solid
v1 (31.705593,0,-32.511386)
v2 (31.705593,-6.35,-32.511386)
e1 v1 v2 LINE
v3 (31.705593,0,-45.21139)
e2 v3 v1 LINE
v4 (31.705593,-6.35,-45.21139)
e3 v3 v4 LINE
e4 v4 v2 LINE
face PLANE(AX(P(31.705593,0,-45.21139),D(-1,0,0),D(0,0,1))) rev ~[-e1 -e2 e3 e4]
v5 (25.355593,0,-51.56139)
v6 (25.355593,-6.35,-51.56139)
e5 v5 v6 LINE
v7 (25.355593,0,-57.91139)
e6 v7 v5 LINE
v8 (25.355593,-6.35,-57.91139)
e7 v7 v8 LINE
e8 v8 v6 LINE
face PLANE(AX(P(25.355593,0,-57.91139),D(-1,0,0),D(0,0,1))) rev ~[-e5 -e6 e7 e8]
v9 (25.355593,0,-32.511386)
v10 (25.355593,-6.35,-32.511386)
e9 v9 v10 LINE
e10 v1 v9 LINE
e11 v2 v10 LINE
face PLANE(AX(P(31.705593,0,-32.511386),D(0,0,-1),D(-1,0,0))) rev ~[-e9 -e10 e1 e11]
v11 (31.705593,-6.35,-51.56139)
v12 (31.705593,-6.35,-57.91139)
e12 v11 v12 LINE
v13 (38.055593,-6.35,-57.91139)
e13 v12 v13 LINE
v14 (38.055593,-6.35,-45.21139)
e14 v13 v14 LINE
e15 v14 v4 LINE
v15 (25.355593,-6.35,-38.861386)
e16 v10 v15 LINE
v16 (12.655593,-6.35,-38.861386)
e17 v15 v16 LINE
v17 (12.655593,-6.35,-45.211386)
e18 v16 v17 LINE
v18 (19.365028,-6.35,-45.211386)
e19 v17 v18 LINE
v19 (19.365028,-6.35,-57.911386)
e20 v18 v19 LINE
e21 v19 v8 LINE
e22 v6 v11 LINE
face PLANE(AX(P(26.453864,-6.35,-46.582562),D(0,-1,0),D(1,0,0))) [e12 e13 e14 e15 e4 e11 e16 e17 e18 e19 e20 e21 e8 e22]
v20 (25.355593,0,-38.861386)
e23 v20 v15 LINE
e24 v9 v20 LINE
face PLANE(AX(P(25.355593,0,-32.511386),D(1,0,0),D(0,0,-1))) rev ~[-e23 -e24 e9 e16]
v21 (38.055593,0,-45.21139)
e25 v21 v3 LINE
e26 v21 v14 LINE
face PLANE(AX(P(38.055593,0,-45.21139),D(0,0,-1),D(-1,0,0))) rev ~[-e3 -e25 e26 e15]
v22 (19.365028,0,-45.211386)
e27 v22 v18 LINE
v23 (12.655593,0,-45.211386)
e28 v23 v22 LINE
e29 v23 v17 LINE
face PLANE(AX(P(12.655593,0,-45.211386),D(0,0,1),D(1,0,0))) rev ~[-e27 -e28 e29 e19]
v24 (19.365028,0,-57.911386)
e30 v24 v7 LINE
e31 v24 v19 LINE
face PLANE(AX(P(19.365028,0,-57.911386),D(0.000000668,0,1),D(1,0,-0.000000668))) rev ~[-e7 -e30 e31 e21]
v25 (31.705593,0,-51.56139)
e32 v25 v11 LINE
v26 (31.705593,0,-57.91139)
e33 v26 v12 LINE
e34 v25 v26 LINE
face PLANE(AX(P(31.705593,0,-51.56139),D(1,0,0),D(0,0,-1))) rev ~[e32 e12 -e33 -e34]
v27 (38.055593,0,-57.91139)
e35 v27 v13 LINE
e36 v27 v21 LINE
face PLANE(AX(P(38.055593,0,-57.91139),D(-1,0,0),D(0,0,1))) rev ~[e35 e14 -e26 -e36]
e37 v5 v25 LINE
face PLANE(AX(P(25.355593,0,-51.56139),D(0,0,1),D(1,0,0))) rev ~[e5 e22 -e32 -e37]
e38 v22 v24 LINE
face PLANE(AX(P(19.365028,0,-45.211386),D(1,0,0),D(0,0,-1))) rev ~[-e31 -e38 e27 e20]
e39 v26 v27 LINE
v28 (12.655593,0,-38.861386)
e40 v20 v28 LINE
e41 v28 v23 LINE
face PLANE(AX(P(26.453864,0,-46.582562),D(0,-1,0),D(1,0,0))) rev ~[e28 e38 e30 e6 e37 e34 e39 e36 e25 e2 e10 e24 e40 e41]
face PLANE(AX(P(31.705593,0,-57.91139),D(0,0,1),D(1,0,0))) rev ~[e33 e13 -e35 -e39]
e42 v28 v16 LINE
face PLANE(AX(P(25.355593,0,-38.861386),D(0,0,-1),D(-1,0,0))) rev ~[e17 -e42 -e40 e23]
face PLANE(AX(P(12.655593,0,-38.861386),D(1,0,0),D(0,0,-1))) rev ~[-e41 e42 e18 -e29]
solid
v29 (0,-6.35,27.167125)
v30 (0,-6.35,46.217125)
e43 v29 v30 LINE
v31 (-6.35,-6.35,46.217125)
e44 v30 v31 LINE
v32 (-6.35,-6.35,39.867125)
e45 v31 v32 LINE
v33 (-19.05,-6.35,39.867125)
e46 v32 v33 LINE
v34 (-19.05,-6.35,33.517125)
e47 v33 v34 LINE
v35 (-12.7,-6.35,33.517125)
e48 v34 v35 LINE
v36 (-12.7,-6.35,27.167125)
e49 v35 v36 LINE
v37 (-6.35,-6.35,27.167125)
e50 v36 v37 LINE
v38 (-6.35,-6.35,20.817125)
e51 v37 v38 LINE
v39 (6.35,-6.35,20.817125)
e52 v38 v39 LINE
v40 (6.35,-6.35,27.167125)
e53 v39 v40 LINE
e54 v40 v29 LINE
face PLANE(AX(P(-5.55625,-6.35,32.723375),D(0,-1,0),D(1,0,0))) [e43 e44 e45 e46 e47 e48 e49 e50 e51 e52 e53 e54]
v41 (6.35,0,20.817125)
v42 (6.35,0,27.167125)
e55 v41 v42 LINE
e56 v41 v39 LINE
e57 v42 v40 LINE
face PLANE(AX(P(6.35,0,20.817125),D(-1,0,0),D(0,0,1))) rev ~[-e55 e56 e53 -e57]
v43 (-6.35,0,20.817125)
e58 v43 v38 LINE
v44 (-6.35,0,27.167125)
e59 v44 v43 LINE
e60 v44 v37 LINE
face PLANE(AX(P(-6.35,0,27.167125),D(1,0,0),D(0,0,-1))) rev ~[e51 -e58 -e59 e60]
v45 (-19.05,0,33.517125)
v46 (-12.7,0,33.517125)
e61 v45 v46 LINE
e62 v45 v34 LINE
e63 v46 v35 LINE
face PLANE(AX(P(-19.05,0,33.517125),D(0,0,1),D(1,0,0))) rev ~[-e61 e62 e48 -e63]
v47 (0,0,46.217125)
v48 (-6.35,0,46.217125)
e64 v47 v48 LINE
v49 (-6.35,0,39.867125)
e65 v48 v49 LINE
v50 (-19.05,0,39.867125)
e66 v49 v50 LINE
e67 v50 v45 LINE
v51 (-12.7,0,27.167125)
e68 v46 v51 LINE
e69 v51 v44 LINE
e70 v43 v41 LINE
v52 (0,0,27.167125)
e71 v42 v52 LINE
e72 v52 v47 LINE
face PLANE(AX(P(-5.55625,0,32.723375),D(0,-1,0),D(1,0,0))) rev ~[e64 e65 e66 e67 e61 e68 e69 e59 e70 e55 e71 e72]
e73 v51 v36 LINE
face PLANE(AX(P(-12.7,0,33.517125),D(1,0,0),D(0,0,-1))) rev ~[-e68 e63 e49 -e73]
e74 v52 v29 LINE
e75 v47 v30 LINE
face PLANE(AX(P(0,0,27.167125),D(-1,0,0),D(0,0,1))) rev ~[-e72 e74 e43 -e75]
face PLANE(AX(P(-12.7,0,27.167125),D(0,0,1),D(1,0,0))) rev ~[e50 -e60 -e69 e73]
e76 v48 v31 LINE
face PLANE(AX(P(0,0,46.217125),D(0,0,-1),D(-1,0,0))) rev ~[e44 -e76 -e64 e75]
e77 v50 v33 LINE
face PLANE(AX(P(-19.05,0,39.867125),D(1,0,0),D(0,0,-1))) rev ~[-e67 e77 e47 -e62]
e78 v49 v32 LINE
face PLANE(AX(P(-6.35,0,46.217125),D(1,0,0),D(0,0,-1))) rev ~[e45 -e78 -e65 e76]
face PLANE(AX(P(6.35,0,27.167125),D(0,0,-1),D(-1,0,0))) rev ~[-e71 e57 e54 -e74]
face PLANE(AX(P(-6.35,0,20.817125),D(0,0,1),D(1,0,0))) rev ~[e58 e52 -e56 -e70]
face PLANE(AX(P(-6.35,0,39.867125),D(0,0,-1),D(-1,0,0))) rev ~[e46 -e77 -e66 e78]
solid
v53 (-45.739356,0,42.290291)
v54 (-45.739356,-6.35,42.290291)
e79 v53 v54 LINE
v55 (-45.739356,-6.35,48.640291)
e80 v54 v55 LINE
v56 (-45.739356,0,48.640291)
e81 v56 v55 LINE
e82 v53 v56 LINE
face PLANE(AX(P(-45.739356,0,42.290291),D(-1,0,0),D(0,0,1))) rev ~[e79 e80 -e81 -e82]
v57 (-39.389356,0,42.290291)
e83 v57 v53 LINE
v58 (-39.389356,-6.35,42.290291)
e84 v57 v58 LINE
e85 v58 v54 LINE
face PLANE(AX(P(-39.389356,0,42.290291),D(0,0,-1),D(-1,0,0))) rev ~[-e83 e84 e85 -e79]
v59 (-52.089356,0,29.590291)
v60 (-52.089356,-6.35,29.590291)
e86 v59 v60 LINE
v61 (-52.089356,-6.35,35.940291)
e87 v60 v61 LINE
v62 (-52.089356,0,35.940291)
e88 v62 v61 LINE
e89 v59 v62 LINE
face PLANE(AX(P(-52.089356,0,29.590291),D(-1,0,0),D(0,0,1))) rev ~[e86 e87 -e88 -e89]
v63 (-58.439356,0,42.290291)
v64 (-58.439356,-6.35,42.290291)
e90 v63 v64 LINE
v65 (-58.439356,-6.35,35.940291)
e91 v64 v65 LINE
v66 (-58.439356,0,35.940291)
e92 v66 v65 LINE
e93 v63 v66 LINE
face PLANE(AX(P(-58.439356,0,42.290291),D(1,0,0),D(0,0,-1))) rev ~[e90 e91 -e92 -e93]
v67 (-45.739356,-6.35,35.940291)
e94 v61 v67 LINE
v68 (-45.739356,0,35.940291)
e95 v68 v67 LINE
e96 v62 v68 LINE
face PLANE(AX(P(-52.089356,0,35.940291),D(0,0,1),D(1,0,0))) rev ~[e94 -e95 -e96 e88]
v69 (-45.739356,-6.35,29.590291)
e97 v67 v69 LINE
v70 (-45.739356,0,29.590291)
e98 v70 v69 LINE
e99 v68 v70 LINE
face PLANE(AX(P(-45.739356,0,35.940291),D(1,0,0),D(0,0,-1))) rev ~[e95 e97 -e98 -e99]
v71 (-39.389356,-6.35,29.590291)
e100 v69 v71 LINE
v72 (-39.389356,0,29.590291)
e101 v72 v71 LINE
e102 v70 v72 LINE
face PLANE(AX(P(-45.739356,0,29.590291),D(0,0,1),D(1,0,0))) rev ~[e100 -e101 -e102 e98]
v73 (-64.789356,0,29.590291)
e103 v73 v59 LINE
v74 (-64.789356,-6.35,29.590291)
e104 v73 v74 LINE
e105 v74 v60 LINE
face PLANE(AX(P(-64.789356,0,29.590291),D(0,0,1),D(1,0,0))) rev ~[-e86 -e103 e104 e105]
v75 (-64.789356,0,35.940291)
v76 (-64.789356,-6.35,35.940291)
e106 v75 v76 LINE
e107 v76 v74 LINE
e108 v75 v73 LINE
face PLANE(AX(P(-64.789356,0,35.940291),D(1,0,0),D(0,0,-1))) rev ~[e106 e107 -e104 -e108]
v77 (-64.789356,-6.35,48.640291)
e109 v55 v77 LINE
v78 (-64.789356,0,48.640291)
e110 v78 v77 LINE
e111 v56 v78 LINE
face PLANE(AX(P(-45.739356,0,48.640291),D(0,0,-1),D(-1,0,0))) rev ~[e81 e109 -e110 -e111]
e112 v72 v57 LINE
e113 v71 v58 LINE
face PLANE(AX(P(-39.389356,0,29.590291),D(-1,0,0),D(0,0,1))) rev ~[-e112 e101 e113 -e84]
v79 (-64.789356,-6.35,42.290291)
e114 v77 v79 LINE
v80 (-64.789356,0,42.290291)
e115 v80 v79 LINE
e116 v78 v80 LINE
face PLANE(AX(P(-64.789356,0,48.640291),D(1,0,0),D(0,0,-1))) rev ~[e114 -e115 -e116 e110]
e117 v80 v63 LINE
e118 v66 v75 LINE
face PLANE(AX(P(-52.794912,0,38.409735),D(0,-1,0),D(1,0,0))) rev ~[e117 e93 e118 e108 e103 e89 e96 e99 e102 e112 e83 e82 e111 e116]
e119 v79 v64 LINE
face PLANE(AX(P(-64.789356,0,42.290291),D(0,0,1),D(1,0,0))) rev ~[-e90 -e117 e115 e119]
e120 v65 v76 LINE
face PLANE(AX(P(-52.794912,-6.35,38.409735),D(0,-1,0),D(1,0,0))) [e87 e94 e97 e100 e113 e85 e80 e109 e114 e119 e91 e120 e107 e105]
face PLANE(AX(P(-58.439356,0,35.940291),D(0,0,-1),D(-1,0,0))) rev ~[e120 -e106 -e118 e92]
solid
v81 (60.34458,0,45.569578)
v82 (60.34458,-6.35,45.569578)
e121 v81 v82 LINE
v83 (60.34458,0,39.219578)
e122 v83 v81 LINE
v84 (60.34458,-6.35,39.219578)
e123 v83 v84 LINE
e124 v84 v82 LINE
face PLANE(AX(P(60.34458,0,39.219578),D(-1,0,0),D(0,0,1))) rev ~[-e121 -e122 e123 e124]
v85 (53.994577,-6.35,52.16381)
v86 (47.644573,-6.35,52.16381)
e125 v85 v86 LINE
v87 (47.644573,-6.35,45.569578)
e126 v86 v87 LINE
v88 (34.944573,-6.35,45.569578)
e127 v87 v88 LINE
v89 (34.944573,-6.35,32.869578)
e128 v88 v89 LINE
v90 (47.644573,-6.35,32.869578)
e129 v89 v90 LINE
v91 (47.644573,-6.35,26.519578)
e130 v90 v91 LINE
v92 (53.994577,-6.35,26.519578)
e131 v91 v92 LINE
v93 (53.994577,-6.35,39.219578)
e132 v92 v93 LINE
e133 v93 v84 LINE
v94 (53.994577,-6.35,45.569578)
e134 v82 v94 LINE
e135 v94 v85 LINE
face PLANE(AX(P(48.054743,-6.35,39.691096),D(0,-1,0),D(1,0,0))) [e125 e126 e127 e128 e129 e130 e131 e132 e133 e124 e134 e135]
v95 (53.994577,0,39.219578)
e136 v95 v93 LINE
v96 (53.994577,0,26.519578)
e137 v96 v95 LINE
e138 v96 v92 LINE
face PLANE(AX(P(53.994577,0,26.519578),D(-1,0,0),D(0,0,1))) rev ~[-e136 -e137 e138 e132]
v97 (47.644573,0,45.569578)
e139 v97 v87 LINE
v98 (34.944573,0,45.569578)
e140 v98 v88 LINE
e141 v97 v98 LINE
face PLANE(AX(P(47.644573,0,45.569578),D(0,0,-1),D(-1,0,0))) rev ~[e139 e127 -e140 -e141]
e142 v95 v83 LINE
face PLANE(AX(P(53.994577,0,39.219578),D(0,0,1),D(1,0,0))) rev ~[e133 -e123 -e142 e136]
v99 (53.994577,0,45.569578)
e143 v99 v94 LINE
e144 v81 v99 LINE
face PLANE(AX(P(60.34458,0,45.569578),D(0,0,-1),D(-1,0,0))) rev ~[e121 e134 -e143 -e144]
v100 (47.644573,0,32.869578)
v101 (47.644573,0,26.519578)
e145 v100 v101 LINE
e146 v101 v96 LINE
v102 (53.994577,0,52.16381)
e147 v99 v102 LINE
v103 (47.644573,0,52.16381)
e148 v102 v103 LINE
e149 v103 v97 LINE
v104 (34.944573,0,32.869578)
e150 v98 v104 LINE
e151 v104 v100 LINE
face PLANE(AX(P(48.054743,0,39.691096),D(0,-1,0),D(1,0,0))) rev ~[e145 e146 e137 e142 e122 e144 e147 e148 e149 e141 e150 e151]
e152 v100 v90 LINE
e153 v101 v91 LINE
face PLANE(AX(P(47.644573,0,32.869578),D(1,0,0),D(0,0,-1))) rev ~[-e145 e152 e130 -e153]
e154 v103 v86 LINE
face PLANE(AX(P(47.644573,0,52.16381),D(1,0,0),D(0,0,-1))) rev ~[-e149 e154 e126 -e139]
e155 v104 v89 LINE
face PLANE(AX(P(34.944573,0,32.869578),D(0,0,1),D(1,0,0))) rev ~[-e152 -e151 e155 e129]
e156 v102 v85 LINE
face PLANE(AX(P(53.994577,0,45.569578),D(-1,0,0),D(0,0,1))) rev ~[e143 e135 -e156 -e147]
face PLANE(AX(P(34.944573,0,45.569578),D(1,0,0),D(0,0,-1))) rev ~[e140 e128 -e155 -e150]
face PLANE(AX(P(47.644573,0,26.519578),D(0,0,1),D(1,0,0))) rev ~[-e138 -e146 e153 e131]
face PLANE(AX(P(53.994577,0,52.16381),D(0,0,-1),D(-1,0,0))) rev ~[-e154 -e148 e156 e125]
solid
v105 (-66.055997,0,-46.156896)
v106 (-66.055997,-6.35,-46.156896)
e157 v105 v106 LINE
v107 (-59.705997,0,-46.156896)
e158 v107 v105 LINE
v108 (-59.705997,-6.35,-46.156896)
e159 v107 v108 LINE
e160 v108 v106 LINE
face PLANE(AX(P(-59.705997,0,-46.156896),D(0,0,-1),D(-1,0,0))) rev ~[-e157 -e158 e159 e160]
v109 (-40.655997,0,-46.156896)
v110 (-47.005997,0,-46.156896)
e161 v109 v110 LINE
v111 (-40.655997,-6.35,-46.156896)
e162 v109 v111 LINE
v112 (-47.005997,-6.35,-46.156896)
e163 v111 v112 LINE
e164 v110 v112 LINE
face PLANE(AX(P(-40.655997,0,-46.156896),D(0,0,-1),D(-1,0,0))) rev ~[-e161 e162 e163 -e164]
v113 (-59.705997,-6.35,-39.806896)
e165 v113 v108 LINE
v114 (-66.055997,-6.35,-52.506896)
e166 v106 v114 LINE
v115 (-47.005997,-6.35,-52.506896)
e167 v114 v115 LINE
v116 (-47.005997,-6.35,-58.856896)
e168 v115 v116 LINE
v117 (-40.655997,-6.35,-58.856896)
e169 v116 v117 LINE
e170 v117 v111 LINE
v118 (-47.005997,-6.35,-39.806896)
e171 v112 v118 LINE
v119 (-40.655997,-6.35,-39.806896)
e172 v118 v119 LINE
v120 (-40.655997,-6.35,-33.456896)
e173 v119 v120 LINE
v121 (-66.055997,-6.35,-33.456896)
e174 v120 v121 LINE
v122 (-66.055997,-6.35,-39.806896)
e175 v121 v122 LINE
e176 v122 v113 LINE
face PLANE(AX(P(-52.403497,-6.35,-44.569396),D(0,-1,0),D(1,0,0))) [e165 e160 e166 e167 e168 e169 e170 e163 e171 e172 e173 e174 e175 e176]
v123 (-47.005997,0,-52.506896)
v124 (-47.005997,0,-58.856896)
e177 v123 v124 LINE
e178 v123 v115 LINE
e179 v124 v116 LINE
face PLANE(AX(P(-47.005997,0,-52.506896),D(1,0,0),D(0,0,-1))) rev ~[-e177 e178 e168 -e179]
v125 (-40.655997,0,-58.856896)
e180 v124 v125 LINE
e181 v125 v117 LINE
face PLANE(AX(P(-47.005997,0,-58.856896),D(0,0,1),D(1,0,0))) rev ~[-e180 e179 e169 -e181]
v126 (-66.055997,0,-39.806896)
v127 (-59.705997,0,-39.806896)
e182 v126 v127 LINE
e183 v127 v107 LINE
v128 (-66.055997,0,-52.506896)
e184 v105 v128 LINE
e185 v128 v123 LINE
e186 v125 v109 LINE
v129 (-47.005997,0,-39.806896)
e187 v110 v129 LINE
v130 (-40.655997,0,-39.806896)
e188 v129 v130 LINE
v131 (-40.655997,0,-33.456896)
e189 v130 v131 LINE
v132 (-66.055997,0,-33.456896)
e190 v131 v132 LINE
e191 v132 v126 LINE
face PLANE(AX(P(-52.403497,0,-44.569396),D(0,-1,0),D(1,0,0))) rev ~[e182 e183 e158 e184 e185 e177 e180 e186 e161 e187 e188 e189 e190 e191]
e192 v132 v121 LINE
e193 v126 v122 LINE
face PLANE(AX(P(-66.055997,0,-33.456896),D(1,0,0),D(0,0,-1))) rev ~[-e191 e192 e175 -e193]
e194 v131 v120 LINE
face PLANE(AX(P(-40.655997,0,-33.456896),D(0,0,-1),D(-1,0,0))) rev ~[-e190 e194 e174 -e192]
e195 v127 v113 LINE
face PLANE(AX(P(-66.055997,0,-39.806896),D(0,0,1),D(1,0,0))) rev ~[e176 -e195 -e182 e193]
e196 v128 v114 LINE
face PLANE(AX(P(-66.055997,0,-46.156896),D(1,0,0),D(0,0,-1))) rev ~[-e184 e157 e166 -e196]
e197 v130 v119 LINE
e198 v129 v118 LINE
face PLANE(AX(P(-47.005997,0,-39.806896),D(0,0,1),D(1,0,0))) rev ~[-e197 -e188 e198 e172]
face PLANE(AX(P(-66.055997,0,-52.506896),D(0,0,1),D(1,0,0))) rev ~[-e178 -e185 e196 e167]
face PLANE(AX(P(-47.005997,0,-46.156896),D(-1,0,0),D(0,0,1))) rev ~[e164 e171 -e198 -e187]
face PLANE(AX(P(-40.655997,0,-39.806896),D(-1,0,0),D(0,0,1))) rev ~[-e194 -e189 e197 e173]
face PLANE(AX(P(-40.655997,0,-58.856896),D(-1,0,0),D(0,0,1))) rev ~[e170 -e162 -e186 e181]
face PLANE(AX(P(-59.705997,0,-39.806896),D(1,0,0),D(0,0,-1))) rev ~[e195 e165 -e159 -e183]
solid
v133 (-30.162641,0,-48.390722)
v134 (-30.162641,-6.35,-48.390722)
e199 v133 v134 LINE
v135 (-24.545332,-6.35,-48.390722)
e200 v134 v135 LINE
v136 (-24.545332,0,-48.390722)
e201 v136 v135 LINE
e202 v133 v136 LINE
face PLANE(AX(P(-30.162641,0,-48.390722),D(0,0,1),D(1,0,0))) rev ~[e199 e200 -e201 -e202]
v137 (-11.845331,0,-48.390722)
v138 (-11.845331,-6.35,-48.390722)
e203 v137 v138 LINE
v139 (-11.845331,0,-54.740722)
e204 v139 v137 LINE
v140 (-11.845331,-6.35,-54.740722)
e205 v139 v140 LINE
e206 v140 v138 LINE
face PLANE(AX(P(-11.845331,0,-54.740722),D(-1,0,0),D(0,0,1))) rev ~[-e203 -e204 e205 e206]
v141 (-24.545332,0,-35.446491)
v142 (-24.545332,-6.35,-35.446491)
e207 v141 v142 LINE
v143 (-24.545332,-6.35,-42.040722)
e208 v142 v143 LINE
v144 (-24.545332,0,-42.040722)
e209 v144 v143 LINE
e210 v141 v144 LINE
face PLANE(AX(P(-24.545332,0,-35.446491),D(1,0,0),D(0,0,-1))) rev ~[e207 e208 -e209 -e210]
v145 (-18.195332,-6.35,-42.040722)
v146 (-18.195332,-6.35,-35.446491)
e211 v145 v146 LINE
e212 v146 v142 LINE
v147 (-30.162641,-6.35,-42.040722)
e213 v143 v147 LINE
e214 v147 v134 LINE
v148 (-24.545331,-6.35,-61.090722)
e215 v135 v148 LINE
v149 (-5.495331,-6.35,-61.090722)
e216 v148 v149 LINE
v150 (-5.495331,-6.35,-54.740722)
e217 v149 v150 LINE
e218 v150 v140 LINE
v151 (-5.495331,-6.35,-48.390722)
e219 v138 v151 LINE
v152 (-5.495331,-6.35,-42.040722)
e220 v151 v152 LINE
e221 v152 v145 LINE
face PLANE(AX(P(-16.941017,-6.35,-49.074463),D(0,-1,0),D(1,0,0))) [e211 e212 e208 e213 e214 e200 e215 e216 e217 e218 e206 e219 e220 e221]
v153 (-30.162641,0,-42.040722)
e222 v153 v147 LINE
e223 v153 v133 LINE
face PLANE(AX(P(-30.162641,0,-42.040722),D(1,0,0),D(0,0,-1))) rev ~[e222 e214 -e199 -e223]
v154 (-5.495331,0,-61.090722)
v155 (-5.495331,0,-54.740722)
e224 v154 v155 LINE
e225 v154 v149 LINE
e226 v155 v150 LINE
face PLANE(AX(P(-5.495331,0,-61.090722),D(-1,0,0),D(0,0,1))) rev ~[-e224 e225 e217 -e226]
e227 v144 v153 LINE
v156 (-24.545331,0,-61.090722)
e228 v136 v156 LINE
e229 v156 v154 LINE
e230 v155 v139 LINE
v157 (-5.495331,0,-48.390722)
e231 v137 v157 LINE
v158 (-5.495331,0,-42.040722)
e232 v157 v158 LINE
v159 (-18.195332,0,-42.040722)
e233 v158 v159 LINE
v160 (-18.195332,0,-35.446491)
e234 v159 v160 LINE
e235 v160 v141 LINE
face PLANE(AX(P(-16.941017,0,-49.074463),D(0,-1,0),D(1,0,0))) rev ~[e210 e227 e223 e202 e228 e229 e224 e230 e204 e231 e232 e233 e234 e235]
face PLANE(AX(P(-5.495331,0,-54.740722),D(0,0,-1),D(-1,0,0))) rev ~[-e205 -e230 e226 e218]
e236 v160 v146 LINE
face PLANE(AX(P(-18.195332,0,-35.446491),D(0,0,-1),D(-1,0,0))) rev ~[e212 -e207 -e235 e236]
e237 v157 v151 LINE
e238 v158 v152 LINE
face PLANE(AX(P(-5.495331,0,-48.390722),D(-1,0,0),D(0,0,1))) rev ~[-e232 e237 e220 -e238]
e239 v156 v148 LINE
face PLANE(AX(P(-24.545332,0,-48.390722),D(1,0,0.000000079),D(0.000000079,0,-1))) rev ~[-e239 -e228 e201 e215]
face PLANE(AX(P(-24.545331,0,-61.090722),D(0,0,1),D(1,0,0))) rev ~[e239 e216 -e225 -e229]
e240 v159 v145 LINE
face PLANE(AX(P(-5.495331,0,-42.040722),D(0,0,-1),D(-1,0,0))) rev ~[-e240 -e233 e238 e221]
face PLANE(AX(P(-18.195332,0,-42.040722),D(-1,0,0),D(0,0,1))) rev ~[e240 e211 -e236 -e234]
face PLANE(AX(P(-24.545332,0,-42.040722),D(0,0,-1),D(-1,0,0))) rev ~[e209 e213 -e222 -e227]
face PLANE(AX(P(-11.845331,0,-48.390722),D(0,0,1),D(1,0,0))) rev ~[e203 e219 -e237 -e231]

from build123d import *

# Parameters (mm, degrees)
F1_DEPTH  = 6.35
F3_DEPTH  = 6.35
F5_DEPTH  = 6.35
F7_DEPTH  = 6.35
F9_DEPTH  = 6.35
F11_DEPTH = 6.35


with BuildPart() as f1:
    # F0 (on Front) → F1 (new body)
    with BuildSketch(Plane.XZ):
        Polygon((0, 27.167125), (0, 46.217125), (-6.35, 46.217125), (-6.35, 39.867125), (-19.05, 39.867125), (-19.05, 33.517125), (-12.7, 33.517125), (-12.7, 27.167125), (-6.35, 27.167125), (-6.35, 20.817125), (6.35, 20.817125), (6.35, 27.167125), align=None)
    extrude(amount=F1_DEPTH)


with BuildPart() as f3:
    # F2 (on Front) → F3 (new body)
    with BuildSketch(Plane.XZ):
        Polygon((-45.739356, 48.640291), (-64.789356, 48.640291), (-64.789356, 42.290291), (-58.439356, 42.290291), (-58.439356, 35.940291), (-64.789356, 35.940291), (-64.789356, 29.590291), (-52.089356, 29.590291), (-52.089356, 35.940291), (-45.739356, 35.940291), (-45.739356, 29.590291), (-39.389356, 29.590291), (-39.389356, 42.290291), (-45.739356, 42.290291), align=None)
    extrude(amount=F3_DEPTH)


with BuildPart() as f5:
    # F4 (on Front) → F5 (new body)
    with BuildSketch(Plane.XZ):
        Polygon((47.644573, 45.569578), (34.944573, 45.569578), (34.944573, 32.869578), (47.644573, 32.869578), (47.644573, 26.519578), (53.994577, 26.519578), (53.994577, 39.219578), (60.34458, 39.219578), (60.34458, 45.569578), (53.994577, 45.569578), (53.994577, 52.16381), (47.644573, 52.16381), align=None)
    extrude(amount=F5_DEPTH)


with BuildPart() as f7:
    # F6 (on Front) → F7 (new body)
    with BuildSketch(Plane.XZ):
        Polygon((-66.055997, -46.156896), (-66.055997, -52.506896), (-47.005997, -52.506896), (-47.005997, -58.856896), (-40.655997, -58.856896), (-40.655997, -46.156896), (-47.005997, -46.156896), (-47.005997, -39.806896), (-40.655997, -39.806896), (-40.655997, -33.456896), (-66.055997, -33.456896), (-66.055997, -39.806896), (-59.705997, -39.806896), (-59.705997, -46.156896), align=None)
    extrude(amount=F7_DEPTH)


with BuildPart() as f9:
    # F8 (on Front) → F9 (new body)
    with BuildSketch(Plane.XZ):
        Polygon((-24.545332, -48.390722), (-24.545331, -61.090722), (-5.495331, -61.090722), (-5.495331, -54.740722), (-11.845331, -54.740722), (-11.845331, -48.390722), (-5.495331, -48.390722), (-5.495331, -42.040722), (-18.195332, -42.040722), (-18.195332, -35.446491), (-24.545332, -35.446491), (-24.545332, -42.040722), (-30.162641, -42.040722), (-30.162641, -48.390722), align=None)
    extrude(amount=F9_DEPTH)


with BuildPart() as f11:
    # F10 (on Front) → F11 (new body)
    with BuildSketch(Plane.XZ):
        Polygon((19.365028, -45.211386), (19.365028, -57.911386), (25.355593, -57.91139), (25.355593, -51.56139), (31.705593, -51.56139), (31.705593, -57.91139), (38.055593, -57.91139), (38.055593, -45.21139), (31.705593, -45.21139), (31.705593, -32.511386), (25.355593, -32.511386), (25.355593, -38.861386), (12.655593, -38.861386), (12.655593, -45.211386), align=None)
    extrude(amount=F11_DEPTH)


solid = Compound([f1.part, f3.part, f5.part, f7.part, f9.part, f11.part])
